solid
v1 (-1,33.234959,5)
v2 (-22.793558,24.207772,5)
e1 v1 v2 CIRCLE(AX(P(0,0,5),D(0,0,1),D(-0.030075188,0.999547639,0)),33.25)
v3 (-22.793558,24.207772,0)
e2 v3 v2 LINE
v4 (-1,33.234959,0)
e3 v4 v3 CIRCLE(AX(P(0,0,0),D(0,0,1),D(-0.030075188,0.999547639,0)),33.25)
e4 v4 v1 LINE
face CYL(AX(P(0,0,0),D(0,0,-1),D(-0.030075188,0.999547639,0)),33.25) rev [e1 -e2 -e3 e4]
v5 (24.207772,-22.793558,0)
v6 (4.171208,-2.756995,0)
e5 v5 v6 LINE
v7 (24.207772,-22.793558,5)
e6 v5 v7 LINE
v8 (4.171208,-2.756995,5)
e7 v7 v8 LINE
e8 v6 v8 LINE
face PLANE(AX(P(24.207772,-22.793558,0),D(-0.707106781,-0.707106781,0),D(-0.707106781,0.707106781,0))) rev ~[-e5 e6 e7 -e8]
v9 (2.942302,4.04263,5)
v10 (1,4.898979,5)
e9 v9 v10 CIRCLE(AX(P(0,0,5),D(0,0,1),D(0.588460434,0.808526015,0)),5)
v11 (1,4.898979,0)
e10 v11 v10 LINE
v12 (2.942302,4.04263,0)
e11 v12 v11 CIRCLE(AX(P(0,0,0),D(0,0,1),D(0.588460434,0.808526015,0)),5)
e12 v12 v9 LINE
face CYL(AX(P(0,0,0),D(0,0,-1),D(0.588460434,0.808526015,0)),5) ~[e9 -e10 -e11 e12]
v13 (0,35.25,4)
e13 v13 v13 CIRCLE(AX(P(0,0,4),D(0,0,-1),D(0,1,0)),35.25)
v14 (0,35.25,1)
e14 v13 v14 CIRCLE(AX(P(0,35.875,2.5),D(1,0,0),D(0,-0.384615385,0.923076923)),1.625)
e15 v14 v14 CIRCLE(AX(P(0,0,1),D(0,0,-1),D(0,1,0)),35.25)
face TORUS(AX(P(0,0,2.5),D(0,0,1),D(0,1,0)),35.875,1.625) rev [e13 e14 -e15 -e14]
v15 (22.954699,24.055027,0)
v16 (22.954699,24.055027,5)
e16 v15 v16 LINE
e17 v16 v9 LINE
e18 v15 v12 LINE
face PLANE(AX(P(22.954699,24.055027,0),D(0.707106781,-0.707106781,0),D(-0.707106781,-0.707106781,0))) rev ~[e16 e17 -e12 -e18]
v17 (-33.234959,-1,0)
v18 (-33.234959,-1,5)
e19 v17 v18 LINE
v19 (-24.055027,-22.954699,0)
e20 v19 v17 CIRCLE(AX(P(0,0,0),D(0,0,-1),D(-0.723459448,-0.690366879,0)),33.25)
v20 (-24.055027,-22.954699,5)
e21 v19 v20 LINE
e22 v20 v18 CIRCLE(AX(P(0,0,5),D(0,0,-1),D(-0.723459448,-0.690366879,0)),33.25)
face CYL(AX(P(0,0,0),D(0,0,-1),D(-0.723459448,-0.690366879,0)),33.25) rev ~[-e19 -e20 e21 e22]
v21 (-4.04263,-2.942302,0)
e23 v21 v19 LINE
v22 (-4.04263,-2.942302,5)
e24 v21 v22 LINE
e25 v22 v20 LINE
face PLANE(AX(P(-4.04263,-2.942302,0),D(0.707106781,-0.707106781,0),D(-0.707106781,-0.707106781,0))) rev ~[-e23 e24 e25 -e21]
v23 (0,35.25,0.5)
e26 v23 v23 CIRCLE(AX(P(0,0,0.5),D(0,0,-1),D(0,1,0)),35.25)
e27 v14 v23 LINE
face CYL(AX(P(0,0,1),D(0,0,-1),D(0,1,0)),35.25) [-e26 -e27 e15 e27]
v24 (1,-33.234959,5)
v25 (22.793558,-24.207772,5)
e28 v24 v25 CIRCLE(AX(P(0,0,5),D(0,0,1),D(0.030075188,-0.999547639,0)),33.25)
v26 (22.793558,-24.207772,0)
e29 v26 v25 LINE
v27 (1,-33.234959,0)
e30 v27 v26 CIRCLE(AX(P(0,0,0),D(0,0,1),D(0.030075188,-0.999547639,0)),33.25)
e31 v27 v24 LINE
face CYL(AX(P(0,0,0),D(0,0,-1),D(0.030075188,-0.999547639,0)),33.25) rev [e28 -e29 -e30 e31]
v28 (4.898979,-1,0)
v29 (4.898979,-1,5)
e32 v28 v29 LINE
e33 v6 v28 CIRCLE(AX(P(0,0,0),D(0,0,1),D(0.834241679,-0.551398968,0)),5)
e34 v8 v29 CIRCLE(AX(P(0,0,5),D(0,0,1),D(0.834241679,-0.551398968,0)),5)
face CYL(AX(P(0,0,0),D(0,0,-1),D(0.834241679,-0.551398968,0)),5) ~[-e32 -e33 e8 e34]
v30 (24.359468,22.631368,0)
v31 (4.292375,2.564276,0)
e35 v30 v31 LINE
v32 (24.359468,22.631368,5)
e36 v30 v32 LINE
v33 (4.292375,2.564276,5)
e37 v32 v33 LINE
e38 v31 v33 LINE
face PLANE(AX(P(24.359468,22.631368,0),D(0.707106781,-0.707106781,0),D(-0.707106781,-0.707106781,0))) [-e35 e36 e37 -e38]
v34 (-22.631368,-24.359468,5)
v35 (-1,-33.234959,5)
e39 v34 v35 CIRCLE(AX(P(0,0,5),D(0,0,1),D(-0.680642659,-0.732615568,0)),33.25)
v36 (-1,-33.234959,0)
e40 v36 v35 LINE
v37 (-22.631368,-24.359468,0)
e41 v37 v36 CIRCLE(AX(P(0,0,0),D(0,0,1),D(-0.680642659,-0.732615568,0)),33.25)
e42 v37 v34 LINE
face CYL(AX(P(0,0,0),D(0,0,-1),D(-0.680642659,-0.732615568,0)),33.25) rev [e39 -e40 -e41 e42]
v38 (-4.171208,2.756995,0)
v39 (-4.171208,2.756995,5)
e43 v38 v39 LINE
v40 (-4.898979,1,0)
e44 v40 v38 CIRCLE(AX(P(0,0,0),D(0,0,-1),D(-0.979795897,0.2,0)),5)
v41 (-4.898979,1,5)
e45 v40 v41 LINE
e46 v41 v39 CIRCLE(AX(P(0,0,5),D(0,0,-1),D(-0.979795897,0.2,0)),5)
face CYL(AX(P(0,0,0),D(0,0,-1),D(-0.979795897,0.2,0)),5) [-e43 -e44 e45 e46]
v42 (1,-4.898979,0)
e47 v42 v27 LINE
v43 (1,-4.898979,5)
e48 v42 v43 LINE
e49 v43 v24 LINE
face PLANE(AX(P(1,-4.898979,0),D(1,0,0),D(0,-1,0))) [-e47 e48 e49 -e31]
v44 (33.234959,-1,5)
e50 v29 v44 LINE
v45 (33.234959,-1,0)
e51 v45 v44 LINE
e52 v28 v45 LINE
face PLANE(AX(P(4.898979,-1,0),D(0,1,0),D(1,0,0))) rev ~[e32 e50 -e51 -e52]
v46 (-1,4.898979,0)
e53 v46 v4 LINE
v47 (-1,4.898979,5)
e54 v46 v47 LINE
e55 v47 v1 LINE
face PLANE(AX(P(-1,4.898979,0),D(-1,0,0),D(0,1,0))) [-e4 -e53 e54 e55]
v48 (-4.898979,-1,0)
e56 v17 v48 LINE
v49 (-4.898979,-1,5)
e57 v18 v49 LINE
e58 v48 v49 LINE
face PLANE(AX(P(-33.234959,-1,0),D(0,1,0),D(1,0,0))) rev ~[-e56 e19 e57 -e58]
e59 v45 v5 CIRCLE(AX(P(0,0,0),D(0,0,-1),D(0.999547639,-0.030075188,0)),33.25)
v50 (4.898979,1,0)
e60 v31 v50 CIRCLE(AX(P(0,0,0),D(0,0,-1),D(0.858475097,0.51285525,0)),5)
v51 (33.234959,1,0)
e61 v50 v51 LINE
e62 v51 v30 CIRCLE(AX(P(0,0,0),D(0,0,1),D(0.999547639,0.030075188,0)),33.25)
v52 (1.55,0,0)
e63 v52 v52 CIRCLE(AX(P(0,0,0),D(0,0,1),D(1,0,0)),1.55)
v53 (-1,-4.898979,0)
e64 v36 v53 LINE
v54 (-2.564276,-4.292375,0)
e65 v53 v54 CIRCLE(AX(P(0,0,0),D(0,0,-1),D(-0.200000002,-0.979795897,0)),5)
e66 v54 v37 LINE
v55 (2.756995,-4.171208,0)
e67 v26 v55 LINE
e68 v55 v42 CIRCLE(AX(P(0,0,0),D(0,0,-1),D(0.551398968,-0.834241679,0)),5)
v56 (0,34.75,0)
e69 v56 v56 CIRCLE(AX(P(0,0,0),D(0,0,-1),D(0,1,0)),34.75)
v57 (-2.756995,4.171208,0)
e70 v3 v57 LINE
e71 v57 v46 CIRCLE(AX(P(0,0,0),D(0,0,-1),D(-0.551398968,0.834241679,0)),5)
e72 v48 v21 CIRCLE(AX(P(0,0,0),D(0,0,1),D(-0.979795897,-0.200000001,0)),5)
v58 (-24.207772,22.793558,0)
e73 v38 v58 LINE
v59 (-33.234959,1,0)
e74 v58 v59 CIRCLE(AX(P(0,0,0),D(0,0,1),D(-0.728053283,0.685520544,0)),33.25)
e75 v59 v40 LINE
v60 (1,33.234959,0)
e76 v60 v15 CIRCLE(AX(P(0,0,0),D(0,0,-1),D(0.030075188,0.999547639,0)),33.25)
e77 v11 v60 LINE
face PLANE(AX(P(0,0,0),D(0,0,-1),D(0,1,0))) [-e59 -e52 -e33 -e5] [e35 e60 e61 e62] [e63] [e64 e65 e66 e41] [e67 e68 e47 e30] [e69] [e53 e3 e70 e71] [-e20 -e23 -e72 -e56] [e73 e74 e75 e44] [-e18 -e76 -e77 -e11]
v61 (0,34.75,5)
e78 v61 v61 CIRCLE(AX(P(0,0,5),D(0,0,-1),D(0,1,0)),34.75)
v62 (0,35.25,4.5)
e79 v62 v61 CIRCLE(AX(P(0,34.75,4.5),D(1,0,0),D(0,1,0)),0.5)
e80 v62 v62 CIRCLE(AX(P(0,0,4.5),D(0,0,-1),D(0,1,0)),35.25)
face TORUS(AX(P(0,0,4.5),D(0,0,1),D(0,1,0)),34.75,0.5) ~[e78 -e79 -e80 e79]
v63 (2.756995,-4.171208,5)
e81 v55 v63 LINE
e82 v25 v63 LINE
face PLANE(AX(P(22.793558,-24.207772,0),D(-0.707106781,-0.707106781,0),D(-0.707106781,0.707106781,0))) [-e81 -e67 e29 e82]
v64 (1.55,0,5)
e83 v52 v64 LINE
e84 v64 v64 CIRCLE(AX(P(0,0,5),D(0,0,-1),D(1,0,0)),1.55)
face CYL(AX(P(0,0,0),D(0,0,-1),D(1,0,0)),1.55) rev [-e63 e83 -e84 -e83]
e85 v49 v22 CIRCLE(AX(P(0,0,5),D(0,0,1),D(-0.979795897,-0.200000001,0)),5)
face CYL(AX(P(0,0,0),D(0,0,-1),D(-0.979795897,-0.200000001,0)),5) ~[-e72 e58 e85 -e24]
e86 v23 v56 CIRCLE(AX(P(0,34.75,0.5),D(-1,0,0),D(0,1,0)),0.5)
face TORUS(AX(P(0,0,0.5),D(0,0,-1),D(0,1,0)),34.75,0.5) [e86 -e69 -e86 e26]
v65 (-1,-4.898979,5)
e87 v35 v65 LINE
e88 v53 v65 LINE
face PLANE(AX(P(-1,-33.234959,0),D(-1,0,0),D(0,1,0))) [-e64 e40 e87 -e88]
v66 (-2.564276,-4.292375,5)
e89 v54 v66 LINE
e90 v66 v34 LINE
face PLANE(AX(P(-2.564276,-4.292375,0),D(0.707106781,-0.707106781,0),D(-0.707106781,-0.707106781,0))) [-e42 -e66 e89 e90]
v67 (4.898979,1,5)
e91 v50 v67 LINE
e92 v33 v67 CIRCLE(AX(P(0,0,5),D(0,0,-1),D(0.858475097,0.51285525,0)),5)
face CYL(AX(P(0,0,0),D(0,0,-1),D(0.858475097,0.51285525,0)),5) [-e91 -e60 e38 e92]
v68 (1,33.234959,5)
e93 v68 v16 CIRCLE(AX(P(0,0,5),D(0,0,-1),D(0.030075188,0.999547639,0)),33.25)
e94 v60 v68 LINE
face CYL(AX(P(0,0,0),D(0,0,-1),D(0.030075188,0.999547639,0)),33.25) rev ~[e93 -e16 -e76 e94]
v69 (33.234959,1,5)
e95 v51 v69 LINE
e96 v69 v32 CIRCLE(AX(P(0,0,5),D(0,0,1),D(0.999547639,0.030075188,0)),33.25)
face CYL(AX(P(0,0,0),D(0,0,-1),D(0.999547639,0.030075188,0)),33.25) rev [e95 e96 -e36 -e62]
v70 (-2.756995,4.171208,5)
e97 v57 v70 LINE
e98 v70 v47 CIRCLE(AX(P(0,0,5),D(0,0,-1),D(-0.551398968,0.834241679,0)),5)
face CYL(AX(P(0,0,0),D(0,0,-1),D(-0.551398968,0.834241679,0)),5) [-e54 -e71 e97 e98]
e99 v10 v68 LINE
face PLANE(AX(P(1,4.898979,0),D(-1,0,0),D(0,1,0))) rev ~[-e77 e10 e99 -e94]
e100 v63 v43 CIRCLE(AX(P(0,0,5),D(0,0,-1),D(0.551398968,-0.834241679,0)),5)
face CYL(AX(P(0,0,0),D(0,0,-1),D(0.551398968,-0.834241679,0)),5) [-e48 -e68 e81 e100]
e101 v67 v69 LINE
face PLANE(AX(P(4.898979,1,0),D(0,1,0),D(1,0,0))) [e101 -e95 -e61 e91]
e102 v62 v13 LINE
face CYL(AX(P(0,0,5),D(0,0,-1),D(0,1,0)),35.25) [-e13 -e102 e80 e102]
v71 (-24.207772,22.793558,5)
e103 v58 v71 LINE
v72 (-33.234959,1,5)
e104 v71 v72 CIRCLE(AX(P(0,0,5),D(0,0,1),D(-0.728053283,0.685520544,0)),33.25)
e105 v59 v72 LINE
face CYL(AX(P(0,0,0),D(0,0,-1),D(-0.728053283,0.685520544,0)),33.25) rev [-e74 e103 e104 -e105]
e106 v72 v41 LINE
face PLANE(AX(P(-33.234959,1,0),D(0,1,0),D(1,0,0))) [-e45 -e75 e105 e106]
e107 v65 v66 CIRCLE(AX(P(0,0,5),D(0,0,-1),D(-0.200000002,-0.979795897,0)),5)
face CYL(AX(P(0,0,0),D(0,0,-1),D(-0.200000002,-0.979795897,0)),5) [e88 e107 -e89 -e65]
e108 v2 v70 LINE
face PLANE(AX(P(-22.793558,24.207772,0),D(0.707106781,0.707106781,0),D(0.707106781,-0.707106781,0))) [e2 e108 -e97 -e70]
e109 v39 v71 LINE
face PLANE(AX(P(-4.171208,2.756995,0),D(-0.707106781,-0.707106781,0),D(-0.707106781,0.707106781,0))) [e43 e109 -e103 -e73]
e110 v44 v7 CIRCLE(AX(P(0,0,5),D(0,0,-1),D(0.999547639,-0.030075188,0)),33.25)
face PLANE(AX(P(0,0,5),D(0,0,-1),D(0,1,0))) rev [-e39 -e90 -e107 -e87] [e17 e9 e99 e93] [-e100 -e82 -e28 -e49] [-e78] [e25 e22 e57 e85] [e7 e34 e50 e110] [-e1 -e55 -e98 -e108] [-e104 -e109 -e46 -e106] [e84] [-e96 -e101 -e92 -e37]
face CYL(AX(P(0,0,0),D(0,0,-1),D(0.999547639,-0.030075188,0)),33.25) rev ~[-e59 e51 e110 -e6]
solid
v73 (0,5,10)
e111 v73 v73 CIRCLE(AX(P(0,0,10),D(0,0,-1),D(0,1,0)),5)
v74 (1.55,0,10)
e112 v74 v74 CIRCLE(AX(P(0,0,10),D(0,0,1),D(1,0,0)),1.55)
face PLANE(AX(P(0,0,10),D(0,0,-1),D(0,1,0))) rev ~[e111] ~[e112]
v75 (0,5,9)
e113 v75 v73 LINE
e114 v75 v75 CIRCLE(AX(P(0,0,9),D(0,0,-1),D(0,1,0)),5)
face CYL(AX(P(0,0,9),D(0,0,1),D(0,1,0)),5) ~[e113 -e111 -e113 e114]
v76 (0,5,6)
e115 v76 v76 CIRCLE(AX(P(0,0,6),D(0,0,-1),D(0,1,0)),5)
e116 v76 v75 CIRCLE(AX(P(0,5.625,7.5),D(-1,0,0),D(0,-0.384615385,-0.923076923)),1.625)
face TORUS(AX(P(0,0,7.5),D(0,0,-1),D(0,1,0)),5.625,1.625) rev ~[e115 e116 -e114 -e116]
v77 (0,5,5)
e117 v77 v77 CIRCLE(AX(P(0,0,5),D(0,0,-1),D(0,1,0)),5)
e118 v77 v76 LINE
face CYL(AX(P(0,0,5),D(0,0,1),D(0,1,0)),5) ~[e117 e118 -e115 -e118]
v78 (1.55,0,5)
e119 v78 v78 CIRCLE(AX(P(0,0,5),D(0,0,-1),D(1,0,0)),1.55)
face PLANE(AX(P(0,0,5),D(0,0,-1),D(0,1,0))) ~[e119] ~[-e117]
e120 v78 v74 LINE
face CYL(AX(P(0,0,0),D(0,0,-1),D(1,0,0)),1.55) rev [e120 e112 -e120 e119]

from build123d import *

# Parameters (mm, degrees)
SKETCH7_R          = 1.55
CUT_EXTRUDE1_DEPTH = 10
CUT_EXTRUDE2_DEPTH = 5
FILLET1_R          = 0.5


with BuildPart() as part:
    # Sketch4 → Revolve1 (revolve)
    with BuildSketch(Plane(origin=(0, 0, 0), x_dir=(0, 0, -1), z_dir=(1, 0, 0))):
        with BuildLine():
            Line((-5, 35.25), (-4, 35.25))
            ThreePointArc((-4, 35.25), (-2.5, 34.25), (-1, 35.25))
            Line((-1, 35.25), (0, 35.25))
            Line((0, 35.25), (0, 0))
            Line((0, 0), (-5, 0))
            Line((-5, 0), (-5, 35.25))
        make_face()
    revolve(axis=Axis((0, 0, 5), (0, 0, -1)))


with BuildPart() as body_2:
    # Sketch6 → Revolve2 (revolve)
    with BuildSketch(Plane(origin=(0, 0, 0), x_dir=(0, 0, -1), z_dir=(1, 0, 0))):
        with BuildLine():
            Line((-5, 0), (-5, 5))
            Line((-5, 5), (-6, 5))
            ThreePointArc((-6, 5), (-7.5, 4), (-9, 5))
            Line((-9, 5), (-10, 5))
            Line((-10, 5), (-10, 0))
            Line((-10, 0), (-5, 0))
        make_face()
    revolve(axis=Axis((0, 0, 10), (0, 0, -1)))


with BuildPart() as cut_extrude1_tool:
    # Sketch7 → Cut-Extrude1 (new body)
    with BuildSketch(Plane.XY):
        Circle(SKETCH7_R)
    extrude(amount=CUT_EXTRUDE1_DEPTH)


with BuildPart() as part_1:
    add(part.part)

    # Cut-Extrude1: cut by cut_extrude1_tool
    add(cut_extrude1_tool.part, mode=Mode.SUBTRACT)

    # Sketch8 → Cut-Extrude2 (cut)
    with BuildSketch(Plane.XY):
        with BuildLine():
            Line((4.898979486, 1), (33.234959004, 1))
            ThreePointArc((33.234959004, 1), (30.761315315, 12.621568051), (24.359467637, 22.631368418))
            Line((24.359467637, 22.631368418), (4.29237548, 2.564276261))
            ThreePointArc((4.29237548, 2.564276261), (4.661758421, 1.807763375), (4.898979486, 1))
        make_face()
        with BuildLine():
            Line((1, 4.898979486), (1, 33.234959004))
            ThreePointArc((1, 33.234959004), (12.826717716, 30.676339622), (22.954698728, 24.055026633))
            Line((22.954698728, 24.055026633), (2.942302171, 4.042630076))
            ThreePointArc((2.942302171, 4.042630076), (2.017119277, 4.5750661), (1, 4.898979486))
        make_face()
        with BuildLine():
            Line((4.898979486, -1), (33.234959004, -1))
            ThreePointArc((33.234959004, -1), (30.718994456, -12.724224126), (24.207771665, -22.793558103))
            Line((24.207771665, -22.793558103), (4.171208396, -2.756994834))
            ThreePointArc((4.171208396, -2.756994834), (4.619397663, -1.913417162), (4.898979486, -1))
        make_face()
        with BuildLine():
            Line((1, -4.898979486), (1, -33.234959004))
            ThreePointArc((1, -33.234959004), (12.724224126, -30.718994456), (22.793558103, -24.207771665))
            Line((22.793558103, -24.207771665), (2.756994834, -4.171208396))
            ThreePointArc((2.756994834, -4.171208396), (1.913417162, -4.619397663), (1, -4.898979486))
        make_face()
        with BuildLine():
            Line((-1, -33.234959004), (-1, -4.898979486))
            ThreePointArc((-1, -4.898979486), (-1.807763375, -4.661758421), (-2.564276261, -4.29237548))
            Line((-2.564276261, -4.29237548), (-22.631368418, -24.359467637))
            ThreePointArc((-22.631368418, -24.359467637), (-12.621568051, -30.761315315), (-1, -33.234959004))
        make_face()
        with BuildLine():
            Line((-33.234959004, -1), (-4.898979486, -1))
            ThreePointArc((-4.898979486, -1), (-4.5750661, -2.017119277), (-4.042630076, -2.942302171))
            Line((-4.042630076, -2.942302171), (-24.055026633, -22.954698728))
            ThreePointArc((-24.055026633, -22.954698728), (-30.676339622, -12.826717716), (-33.234959004, -1))
        make_face()
        with BuildLine():
            Line((-33.234959004, 1), (-4.898979486, 1))
            ThreePointArc((-4.898979486, 1), (-4.619397663, 1.913417162), (-4.171208396, 2.756994834))
            Line((-4.171208396, 2.756994834), (-24.207771665, 22.793558103))
            ThreePointArc((-24.207771665, 22.793558103), (-30.718994456, 12.724224126), (-33.234959004, 1))
        make_face()
        with BuildLine():
            Line((-1, 4.898979486), (-1, 33.234959004))
            ThreePointArc((-1, 33.234959004), (-12.724224126, 30.718994456), (-22.793558103, 24.207771665))
            Line((-22.793558103, 24.207771665), (-2.756994834, 4.171208396))
            ThreePointArc((-2.756994834, 4.171208396), (-1.913417162, 4.619397663), (-1, 4.898979486))
        make_face()
    extrude(amount=CUT_EXTRUDE2_DEPTH, mode=Mode.SUBTRACT)

    # Fillet1
    fillet1_edges = [part_1.edges().sort_by_distance(p)[0] for p in [
        (0, -35.25, 5),
        (0, -35.25, 0),
    ]]
    fillet(fillet1_edges, radius=FILLET1_R)


with BuildPart() as body_2_1:
    add(body_2.part)

    # Cut-Extrude1: cut by cut_extrude1_tool
    add(cut_extrude1_tool.part, mode=Mode.SUBTRACT)


solid = Compound([part_1.part, body_2_1.part])
